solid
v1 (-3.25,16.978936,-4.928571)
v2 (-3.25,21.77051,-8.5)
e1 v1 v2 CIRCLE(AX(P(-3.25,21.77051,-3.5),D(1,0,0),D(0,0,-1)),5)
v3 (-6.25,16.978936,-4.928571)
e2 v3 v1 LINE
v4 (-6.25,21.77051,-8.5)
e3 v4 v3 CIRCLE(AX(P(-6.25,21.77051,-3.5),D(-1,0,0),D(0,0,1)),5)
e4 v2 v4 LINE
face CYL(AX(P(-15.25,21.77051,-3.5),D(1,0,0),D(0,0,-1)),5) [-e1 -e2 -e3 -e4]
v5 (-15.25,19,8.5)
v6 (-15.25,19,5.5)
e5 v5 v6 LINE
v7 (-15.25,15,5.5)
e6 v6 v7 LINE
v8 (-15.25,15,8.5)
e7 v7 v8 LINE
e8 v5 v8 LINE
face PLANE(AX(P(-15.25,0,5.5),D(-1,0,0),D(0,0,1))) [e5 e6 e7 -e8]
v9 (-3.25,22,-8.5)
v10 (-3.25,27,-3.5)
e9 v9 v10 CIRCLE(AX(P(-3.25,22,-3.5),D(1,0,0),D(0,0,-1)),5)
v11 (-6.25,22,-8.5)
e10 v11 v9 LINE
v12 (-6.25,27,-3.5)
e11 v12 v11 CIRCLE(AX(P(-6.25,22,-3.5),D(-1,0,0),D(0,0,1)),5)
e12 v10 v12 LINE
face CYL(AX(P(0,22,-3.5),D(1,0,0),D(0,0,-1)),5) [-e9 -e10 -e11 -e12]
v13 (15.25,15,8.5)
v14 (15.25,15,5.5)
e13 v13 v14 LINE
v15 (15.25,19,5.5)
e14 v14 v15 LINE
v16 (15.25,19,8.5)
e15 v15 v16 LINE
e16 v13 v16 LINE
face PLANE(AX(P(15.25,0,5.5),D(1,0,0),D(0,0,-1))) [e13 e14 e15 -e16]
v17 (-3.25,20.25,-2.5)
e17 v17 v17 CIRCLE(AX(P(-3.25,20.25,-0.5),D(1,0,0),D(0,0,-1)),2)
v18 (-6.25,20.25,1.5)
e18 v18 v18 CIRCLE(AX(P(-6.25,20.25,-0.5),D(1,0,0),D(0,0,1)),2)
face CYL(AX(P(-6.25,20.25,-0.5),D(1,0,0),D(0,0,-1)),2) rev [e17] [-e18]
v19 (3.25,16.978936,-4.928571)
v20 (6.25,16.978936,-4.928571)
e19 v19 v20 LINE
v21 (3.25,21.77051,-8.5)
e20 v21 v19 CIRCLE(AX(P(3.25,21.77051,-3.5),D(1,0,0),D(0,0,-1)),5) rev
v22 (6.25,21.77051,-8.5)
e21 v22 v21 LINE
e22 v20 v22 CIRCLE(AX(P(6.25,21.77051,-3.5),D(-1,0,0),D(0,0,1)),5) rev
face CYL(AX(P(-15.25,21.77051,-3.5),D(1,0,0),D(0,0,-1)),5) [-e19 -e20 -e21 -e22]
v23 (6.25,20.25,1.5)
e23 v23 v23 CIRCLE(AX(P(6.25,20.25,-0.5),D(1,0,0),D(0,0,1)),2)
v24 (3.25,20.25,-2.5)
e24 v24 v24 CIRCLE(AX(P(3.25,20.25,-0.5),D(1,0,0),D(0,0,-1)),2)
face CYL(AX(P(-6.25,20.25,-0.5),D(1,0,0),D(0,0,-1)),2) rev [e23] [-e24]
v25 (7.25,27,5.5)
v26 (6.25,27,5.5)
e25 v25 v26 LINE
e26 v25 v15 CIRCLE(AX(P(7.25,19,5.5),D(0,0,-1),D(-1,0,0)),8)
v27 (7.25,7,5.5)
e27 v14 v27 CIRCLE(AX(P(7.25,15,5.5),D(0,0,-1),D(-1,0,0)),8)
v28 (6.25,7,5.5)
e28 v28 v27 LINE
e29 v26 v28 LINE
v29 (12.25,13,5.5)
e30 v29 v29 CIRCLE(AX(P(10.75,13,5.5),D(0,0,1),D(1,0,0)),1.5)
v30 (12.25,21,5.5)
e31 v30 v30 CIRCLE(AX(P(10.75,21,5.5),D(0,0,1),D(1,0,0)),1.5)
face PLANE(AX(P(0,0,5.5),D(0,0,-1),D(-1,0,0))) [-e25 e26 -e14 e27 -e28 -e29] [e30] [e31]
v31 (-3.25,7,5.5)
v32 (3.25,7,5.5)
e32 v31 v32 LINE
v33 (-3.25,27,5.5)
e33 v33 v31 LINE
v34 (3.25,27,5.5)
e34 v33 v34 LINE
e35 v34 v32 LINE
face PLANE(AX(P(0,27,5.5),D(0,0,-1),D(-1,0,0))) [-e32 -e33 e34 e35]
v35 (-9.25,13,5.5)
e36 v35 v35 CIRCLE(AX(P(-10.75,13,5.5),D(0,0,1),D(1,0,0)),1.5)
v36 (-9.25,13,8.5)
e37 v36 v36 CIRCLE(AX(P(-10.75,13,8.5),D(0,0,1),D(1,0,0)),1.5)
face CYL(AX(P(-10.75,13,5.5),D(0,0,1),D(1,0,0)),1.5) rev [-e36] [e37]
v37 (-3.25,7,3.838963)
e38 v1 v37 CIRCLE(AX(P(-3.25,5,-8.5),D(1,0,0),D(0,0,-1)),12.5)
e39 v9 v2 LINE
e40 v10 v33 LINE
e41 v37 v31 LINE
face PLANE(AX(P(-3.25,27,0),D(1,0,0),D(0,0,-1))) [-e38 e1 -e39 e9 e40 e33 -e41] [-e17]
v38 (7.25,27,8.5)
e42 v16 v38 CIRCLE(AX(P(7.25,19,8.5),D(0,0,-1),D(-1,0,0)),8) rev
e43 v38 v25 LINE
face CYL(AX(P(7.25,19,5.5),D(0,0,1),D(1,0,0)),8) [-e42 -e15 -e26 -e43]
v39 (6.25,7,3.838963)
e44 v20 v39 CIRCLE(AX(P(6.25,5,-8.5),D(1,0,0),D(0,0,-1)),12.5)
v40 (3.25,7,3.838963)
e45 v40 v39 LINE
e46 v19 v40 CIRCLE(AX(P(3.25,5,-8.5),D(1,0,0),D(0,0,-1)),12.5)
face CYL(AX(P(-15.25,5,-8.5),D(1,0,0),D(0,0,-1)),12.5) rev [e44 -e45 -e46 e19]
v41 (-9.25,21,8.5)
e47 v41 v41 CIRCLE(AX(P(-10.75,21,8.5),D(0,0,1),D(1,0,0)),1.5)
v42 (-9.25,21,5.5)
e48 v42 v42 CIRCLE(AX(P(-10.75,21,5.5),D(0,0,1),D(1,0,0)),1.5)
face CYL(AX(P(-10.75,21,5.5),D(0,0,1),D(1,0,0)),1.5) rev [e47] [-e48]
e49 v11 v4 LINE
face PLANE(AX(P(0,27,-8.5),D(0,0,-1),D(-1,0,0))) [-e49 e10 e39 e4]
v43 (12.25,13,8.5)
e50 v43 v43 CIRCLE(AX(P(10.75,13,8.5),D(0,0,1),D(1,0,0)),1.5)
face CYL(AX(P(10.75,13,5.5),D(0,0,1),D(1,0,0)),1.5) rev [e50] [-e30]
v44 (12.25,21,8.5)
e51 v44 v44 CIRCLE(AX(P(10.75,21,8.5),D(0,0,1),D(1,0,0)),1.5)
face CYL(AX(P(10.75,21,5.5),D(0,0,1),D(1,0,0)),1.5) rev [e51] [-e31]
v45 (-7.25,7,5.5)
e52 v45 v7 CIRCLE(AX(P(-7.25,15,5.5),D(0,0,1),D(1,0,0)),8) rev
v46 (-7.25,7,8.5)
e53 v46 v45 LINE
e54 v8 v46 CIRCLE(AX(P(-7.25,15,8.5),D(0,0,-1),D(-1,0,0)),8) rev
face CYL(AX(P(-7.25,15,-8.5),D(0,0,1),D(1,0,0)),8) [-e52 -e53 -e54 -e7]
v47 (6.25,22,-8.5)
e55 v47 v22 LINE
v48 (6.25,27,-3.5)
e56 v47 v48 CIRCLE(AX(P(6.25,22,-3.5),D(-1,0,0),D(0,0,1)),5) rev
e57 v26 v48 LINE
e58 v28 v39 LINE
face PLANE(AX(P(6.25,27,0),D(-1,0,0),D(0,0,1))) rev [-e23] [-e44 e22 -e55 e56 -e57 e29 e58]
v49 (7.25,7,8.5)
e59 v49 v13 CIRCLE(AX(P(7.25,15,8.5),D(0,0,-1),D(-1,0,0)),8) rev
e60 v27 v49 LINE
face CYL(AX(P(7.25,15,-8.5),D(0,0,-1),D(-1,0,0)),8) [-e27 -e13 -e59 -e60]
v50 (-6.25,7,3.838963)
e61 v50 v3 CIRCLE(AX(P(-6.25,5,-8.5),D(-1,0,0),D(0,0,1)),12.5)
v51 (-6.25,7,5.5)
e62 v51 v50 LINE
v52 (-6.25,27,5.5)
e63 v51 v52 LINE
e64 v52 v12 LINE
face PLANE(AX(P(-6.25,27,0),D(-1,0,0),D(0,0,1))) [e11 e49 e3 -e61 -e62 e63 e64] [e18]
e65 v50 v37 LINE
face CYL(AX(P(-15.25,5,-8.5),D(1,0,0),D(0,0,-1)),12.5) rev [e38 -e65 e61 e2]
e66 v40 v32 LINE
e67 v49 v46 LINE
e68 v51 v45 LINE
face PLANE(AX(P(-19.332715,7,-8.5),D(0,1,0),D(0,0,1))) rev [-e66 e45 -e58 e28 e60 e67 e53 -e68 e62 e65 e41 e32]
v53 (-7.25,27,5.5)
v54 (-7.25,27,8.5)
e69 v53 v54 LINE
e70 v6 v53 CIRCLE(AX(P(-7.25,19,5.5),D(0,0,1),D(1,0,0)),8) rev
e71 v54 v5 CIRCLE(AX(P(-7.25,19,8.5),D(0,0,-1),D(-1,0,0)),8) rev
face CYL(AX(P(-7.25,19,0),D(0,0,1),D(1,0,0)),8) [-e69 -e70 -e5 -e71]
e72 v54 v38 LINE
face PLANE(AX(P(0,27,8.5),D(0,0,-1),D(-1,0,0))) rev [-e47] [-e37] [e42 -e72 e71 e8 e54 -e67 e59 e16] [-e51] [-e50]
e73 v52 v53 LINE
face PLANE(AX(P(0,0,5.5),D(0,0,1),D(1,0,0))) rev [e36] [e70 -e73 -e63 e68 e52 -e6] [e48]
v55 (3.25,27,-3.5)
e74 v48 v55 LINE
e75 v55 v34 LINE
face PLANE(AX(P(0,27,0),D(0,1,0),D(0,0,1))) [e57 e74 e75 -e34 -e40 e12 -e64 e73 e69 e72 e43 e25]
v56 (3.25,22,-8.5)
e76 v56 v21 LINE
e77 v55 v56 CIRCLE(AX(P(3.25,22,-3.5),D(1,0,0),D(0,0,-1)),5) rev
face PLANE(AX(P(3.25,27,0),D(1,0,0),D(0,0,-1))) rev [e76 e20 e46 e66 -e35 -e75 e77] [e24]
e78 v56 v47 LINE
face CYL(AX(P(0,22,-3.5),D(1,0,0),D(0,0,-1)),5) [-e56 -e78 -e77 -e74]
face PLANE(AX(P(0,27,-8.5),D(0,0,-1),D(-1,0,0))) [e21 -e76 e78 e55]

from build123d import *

# Parameters (mm, degrees)
EXTRUDE_1_DEPTH     = 27
SKETCH_3_R          = 2
CUT_EXTRUDE_2_DEPTH = 31.943496894
FILLET_1_R          = 5
SKETCH_4_W          = 9
SKETCH_4_H          = 27
SKETCH_4_R          = 1.5
EXTRUDE_2_DEPTH     = 3
FILLET_2_R          = 8
SKETCH_5_W          = 38.66542969
SKETCH_5_H          = 14
CUT_EXTRUDE_3_DEPTH = 36.363293116
FILLET_3_R          = 5
FILLET_4_R          = 8
SKETCH_6_R          = 12.5
CUT_EXTRUDE_5_DEPTH = 36.545745174
FILLET_5_R          = 5


with BuildPart() as part:
    # 草图1 → 凸台-拉伸1 (new body)
    with BuildSketch(Plane(origin=(0, 0, 0), x_dir=(1, 0, 0), z_dir=(0, 1, 0))):
        Polygon((-6.25, 8.5), (-6.25, -8.5), (6.25, -8.5), (6.25, 8.5), (3.25, 8.5), (3.25, -5.5), (-3.25, -5.5), (-3.25, 8.5), align=None)
    extrude(amount=EXTRUDE_1_DEPTH)

    # 草图3 → 切除-拉伸2 (cut, through all)
    with BuildSketch(Plane(origin=(6.25, 0, 0), x_dir=(0, 0, -1), z_dir=(1, 0, 0))):
        with Locations((0.5, 20.25)):
            Circle(SKETCH_3_R)
    extrude(amount=-CUT_EXTRUDE_2_DEPTH, mode=Mode.SUBTRACT)

    # 圆角1
    fillet_1_edges = [part.edges().sort_by_distance(p)[0] for p in [
        (-4.75, 0, -8.5),
        (4.75, 0, -8.5),
        (-4.75, 27, -8.5),
        (4.75, 27, -8.5),
    ]]
    fillet(fillet_1_edges, radius=FILLET_1_R)

    # 草图4 → 凸台-拉伸2 (add)
    # profile 1 of 2: a face of its own
    with BuildSketch(Plane.XY.offset(8.5)):
        with Locations((-10.75, 13.5)):
            Rectangle(SKETCH_4_W, SKETCH_4_H)
        with Locations((-10.75, 13)):
            Circle(SKETCH_4_R, mode=Mode.SUBTRACT)
        with Locations((-10.75, 21)):
            Circle(SKETCH_4_R, mode=Mode.SUBTRACT)
    # profile 2 of 2: a face of its own
    with BuildSketch(Plane.XY.offset(8.5)):
        with Locations((10.75, 13.5)):
            Rectangle(SKETCH_4_W, SKETCH_4_H)
        with Locations((10.75, 13)):
            Circle(SKETCH_4_R, mode=Mode.SUBTRACT)
        with Locations((10.75, 21)):
            Circle(SKETCH_4_R, mode=Mode.SUBTRACT)
    extrude(amount=-EXTRUDE_2_DEPTH)

    # 圆角2
    fillet_2_edges = [part.edges().sort_by_distance(p)[0] for p in [
        (-15.25, 27, 7),
        (15.25, 27, 7),
    ]]
    fillet(fillet_2_edges, radius=FILLET_2_R)

    # 草图5 → 切除-拉伸3 (cut, through all)
    with BuildSketch(Plane.XY.offset(8.5)):
        Rectangle(SKETCH_5_W, SKETCH_5_H)
    extrude(amount=-CUT_EXTRUDE_3_DEPTH, mode=Mode.SUBTRACT)

    # 圆角3
    fillet_3_edges = [part.edges().sort_by_distance(p)[0] for p in [
        (4.75, 7, -8.5),
        (-4.75, 7, -8.5),
    ]]
    fillet(fillet_3_edges, radius=FILLET_3_R)

    # 圆角4
    fillet_4_edges = [part.edges().sort_by_distance(p)[0] for p in [
        (-15.25, 7, 7),
        (15.25, 7, 7),
    ]]
    fillet(fillet_4_edges, radius=FILLET_4_R)

    # 草图6 → 切除-拉伸5 (cut, through all)
    with BuildSketch(Plane(origin=(6.25, 0, 0), x_dir=(0, 0, -1), z_dir=(1, 0, 0))):
        with Locations((8.5, 5)):
            Circle(SKETCH_6_R)
    extrude(amount=-CUT_EXTRUDE_5_DEPTH, mode=Mode.SUBTRACT)

    # 圆角5
    fillet_5_edges = [part.edges().sort_by_distance(p)[0] for p in [
        (4.75, 17.5, -8.5),
        (-4.75, 17.5, -8.5),
    ]]
    fillet(fillet_5_edges, radius=FILLET_5_R)


solid = part.part
